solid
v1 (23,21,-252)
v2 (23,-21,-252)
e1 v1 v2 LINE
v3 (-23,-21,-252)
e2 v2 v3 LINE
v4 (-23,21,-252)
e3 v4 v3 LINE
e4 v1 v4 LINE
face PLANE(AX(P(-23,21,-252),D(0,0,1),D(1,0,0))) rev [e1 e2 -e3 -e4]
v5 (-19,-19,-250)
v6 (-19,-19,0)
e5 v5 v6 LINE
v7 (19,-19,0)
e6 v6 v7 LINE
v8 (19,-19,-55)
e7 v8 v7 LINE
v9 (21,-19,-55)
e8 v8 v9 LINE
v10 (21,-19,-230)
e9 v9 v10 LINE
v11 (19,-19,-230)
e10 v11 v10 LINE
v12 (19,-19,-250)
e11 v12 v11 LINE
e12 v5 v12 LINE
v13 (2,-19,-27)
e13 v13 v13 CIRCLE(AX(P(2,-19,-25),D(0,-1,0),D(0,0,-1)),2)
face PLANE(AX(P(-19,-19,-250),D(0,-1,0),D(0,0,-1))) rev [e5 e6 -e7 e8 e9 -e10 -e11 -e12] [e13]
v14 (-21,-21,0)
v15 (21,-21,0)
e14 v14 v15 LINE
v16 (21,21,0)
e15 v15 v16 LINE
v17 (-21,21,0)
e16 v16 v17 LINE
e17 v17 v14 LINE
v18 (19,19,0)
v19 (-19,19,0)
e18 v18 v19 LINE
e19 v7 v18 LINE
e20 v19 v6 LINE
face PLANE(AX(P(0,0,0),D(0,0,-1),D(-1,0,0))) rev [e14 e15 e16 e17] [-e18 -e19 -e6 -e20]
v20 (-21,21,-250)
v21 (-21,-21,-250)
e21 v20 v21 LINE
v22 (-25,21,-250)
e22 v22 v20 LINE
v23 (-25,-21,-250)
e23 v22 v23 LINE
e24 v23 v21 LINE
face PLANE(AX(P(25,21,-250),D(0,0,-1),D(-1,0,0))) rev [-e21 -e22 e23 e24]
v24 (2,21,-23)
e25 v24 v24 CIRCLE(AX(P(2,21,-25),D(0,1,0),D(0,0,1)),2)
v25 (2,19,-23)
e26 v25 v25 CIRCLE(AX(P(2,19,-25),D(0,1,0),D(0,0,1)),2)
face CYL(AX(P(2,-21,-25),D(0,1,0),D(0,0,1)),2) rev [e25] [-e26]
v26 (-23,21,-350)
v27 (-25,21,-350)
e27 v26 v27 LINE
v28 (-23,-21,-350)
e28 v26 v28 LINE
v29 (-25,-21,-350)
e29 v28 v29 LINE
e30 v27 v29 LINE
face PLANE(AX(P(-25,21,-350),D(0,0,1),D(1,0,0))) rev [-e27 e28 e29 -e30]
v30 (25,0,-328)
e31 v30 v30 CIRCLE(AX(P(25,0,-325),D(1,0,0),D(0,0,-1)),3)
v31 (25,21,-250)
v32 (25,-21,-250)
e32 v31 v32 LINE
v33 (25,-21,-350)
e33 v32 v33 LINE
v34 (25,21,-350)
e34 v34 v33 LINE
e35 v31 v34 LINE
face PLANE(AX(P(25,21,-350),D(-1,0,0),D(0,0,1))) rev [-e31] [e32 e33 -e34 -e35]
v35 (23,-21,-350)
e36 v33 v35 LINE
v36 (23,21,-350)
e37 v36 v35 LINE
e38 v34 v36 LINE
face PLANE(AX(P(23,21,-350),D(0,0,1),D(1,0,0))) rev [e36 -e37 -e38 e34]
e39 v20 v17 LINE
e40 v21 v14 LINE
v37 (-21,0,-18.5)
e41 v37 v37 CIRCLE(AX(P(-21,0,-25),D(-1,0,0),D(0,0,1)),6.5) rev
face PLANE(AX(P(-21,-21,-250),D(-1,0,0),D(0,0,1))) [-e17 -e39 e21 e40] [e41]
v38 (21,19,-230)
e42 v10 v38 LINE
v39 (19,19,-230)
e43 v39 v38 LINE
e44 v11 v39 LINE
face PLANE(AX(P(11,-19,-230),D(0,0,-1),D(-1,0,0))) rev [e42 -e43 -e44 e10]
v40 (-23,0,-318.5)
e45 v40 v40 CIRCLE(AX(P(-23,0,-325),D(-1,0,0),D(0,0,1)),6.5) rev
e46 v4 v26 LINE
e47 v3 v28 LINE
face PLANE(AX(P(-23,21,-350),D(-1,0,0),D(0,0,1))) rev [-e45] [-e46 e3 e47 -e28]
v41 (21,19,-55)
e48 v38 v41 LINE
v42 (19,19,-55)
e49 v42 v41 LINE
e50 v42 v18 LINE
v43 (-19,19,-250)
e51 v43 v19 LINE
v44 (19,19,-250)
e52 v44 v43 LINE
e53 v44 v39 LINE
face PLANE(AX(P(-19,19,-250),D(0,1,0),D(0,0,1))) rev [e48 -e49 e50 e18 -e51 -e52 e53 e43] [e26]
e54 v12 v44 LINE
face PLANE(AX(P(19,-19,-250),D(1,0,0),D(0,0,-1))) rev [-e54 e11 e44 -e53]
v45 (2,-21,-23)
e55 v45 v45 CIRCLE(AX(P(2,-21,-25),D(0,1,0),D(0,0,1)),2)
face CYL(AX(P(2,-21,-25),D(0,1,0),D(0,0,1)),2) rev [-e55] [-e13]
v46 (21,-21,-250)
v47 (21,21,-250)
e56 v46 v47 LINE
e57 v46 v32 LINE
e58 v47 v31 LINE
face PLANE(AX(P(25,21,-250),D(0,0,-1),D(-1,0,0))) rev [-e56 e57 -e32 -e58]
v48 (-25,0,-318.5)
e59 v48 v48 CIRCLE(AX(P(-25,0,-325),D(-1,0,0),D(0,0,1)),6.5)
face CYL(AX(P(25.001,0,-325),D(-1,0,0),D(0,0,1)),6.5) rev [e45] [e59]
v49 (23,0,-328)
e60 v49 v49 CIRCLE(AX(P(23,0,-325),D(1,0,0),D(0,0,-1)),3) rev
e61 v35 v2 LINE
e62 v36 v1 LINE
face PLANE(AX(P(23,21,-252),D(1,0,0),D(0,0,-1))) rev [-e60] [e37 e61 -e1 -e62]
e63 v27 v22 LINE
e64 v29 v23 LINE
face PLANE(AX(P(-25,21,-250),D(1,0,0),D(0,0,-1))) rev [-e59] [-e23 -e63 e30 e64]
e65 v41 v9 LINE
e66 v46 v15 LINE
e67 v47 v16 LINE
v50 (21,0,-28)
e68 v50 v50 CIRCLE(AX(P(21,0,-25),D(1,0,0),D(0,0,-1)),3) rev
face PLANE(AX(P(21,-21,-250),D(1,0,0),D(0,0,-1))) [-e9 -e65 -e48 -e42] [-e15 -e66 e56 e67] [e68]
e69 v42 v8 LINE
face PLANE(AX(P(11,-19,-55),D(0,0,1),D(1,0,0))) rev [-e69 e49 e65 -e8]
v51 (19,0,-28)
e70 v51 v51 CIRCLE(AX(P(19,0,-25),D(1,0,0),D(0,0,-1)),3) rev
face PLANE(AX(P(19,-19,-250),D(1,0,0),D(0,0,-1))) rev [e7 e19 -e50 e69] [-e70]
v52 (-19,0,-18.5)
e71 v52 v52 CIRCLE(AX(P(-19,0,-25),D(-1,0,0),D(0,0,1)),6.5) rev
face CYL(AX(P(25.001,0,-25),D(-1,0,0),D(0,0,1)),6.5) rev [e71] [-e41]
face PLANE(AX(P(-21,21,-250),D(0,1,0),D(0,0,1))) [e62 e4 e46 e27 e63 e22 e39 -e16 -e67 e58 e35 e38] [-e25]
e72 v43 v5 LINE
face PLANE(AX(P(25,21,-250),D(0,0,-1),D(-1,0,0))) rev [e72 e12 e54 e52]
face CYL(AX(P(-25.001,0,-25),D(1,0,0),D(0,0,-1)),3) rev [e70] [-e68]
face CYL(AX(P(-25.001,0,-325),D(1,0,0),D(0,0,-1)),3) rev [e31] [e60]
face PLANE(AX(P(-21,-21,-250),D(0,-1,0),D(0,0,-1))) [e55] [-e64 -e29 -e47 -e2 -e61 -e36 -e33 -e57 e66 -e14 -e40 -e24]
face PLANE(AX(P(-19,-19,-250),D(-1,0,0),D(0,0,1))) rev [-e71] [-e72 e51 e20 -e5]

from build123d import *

# Parameters (mm, degrees)
SKETCH1_W           = 42
SKETCH1_H           = 42
SKETCH1_W_2         = 38
SKETCH1_H_2         = 38
BOSS_EXTRUDE1_DEPTH = 250
BOSS_EXTRUDE2_DEPTH = 21
CUT_EXTRUDE1_REACH  = 356.177
SKETCH3_R           = 6.5
CUT_EXTRUDE2_REACH  = 356.177
SKETCH4_R           = 3
SKETCH5_W           = 175
SKETCH5_H           = 38
CUT_EXTRUDE3_DEPTH  = 10
SKETCH6_R           = 2
CUT_EXTRUDE4_DEPTH  = 354.396378023


with BuildPart() as part:
    # Sketch1 → Boss-Extrude1 (new body)
    with BuildSketch(Plane.XY):
        Rectangle(SKETCH1_W, SKETCH1_H)
        Rectangle(SKETCH1_W_2, SKETCH1_H_2, mode=Mode.SUBTRACT)
    extrude(amount=-BOSS_EXTRUDE1_DEPTH)

    # Sketch2 → Boss-Extrude2 (add, symmetric)
    with BuildSketch(Plane(origin=(0, 0, 0), x_dir=(1, 0, 0), z_dir=(0, 1, 0))):
        Polygon((-25, 250), (-25, 350), (-23, 350), (-23, 252), (23, 252), (23, 350), (25, 350), (25, 250), align=None)
    extrude(amount=BOSS_EXTRUDE2_DEPTH, both=True)

    # Sketch3 → Cut-Extrude1 (cut, up to next)
    with BuildSketch(Plane.ZY.offset(25), mode=Mode.PRIVATE) as cut_extrude1_sk1:
        with Locations((-25, 0)):
            Circle(SKETCH3_R)
    cut_extrude1_tool1 = extrude(cut_extrude1_sk1.sketch, amount=-CUT_EXTRUDE1_REACH, mode=Mode.PRIVATE) & part.part
    # Sketch3 → Cut-Extrude1 (cut, up to next)
    with BuildSketch(Plane.ZY.offset(25), mode=Mode.PRIVATE) as cut_extrude1_sk2:
        with Locations((-325, 0)):
            Circle(SKETCH3_R)
    cut_extrude1_tool2 = extrude(cut_extrude1_sk2.sketch, amount=-CUT_EXTRUDE1_REACH, mode=Mode.PRIVATE) & part.part
    add(cut_extrude1_tool1.solids().sort_by_distance((-25, 0, -25))[0], mode=Mode.SUBTRACT)
    add(cut_extrude1_tool2.solids().sort_by_distance((-25, 0, -325))[0], mode=Mode.SUBTRACT)

    # Sketch4 → Cut-Extrude2 (cut, up to next)
    with BuildSketch(Plane(origin=(25, 0, 0), x_dir=(0, 0, -1), z_dir=(1, 0, 0)), mode=Mode.PRIVATE) as cut_extrude2_sk1:
        with Locations((325, 0)):
            Circle(SKETCH4_R)
    cut_extrude2_tool1 = extrude(cut_extrude2_sk1.sketch, amount=-CUT_EXTRUDE2_REACH, mode=Mode.PRIVATE) & part.part
    # Sketch4 → Cut-Extrude2 (cut, up to next)
    with BuildSketch(Plane(origin=(25, 0, 0), x_dir=(0, 0, -1), z_dir=(1, 0, 0)), mode=Mode.PRIVATE) as cut_extrude2_sk2:
        with Locations((25, 0)):
            Circle(SKETCH4_R)
    cut_extrude2_tool2 = extrude(cut_extrude2_sk2.sketch, amount=-CUT_EXTRUDE2_REACH, mode=Mode.PRIVATE) & part.part
    add(cut_extrude2_tool1.solids().sort_by_distance((25, 0, -325))[0], mode=Mode.SUBTRACT)
    add(cut_extrude2_tool2.solids().sort_by_distance((25, 0, -25))[0], mode=Mode.SUBTRACT)

    # Sketch5 → Cut-Extrude3 (cut)
    with BuildSketch(Plane(origin=(21, 0, 0), x_dir=(0, 0, -1), z_dir=(1, 0, 0))):
        with Locations((142.5, 0)):
            Rectangle(SKETCH5_W, SKETCH5_H)
    extrude(amount=-CUT_EXTRUDE3_DEPTH, mode=Mode.SUBTRACT)

    # Sketch6 → Cut-Extrude4 (cut, through all)
    with BuildSketch(Plane(origin=(0, 21, 0), x_dir=(1, 0, 0), z_dir=(0, 1, 0))):
        with Locations(Location((2, 25, 0), (0, 0, 270))):
            Circle(SKETCH6_R)
    extrude(amount=-CUT_EXTRUDE4_DEPTH, mode=Mode.SUBTRACT)


solid = part.part
